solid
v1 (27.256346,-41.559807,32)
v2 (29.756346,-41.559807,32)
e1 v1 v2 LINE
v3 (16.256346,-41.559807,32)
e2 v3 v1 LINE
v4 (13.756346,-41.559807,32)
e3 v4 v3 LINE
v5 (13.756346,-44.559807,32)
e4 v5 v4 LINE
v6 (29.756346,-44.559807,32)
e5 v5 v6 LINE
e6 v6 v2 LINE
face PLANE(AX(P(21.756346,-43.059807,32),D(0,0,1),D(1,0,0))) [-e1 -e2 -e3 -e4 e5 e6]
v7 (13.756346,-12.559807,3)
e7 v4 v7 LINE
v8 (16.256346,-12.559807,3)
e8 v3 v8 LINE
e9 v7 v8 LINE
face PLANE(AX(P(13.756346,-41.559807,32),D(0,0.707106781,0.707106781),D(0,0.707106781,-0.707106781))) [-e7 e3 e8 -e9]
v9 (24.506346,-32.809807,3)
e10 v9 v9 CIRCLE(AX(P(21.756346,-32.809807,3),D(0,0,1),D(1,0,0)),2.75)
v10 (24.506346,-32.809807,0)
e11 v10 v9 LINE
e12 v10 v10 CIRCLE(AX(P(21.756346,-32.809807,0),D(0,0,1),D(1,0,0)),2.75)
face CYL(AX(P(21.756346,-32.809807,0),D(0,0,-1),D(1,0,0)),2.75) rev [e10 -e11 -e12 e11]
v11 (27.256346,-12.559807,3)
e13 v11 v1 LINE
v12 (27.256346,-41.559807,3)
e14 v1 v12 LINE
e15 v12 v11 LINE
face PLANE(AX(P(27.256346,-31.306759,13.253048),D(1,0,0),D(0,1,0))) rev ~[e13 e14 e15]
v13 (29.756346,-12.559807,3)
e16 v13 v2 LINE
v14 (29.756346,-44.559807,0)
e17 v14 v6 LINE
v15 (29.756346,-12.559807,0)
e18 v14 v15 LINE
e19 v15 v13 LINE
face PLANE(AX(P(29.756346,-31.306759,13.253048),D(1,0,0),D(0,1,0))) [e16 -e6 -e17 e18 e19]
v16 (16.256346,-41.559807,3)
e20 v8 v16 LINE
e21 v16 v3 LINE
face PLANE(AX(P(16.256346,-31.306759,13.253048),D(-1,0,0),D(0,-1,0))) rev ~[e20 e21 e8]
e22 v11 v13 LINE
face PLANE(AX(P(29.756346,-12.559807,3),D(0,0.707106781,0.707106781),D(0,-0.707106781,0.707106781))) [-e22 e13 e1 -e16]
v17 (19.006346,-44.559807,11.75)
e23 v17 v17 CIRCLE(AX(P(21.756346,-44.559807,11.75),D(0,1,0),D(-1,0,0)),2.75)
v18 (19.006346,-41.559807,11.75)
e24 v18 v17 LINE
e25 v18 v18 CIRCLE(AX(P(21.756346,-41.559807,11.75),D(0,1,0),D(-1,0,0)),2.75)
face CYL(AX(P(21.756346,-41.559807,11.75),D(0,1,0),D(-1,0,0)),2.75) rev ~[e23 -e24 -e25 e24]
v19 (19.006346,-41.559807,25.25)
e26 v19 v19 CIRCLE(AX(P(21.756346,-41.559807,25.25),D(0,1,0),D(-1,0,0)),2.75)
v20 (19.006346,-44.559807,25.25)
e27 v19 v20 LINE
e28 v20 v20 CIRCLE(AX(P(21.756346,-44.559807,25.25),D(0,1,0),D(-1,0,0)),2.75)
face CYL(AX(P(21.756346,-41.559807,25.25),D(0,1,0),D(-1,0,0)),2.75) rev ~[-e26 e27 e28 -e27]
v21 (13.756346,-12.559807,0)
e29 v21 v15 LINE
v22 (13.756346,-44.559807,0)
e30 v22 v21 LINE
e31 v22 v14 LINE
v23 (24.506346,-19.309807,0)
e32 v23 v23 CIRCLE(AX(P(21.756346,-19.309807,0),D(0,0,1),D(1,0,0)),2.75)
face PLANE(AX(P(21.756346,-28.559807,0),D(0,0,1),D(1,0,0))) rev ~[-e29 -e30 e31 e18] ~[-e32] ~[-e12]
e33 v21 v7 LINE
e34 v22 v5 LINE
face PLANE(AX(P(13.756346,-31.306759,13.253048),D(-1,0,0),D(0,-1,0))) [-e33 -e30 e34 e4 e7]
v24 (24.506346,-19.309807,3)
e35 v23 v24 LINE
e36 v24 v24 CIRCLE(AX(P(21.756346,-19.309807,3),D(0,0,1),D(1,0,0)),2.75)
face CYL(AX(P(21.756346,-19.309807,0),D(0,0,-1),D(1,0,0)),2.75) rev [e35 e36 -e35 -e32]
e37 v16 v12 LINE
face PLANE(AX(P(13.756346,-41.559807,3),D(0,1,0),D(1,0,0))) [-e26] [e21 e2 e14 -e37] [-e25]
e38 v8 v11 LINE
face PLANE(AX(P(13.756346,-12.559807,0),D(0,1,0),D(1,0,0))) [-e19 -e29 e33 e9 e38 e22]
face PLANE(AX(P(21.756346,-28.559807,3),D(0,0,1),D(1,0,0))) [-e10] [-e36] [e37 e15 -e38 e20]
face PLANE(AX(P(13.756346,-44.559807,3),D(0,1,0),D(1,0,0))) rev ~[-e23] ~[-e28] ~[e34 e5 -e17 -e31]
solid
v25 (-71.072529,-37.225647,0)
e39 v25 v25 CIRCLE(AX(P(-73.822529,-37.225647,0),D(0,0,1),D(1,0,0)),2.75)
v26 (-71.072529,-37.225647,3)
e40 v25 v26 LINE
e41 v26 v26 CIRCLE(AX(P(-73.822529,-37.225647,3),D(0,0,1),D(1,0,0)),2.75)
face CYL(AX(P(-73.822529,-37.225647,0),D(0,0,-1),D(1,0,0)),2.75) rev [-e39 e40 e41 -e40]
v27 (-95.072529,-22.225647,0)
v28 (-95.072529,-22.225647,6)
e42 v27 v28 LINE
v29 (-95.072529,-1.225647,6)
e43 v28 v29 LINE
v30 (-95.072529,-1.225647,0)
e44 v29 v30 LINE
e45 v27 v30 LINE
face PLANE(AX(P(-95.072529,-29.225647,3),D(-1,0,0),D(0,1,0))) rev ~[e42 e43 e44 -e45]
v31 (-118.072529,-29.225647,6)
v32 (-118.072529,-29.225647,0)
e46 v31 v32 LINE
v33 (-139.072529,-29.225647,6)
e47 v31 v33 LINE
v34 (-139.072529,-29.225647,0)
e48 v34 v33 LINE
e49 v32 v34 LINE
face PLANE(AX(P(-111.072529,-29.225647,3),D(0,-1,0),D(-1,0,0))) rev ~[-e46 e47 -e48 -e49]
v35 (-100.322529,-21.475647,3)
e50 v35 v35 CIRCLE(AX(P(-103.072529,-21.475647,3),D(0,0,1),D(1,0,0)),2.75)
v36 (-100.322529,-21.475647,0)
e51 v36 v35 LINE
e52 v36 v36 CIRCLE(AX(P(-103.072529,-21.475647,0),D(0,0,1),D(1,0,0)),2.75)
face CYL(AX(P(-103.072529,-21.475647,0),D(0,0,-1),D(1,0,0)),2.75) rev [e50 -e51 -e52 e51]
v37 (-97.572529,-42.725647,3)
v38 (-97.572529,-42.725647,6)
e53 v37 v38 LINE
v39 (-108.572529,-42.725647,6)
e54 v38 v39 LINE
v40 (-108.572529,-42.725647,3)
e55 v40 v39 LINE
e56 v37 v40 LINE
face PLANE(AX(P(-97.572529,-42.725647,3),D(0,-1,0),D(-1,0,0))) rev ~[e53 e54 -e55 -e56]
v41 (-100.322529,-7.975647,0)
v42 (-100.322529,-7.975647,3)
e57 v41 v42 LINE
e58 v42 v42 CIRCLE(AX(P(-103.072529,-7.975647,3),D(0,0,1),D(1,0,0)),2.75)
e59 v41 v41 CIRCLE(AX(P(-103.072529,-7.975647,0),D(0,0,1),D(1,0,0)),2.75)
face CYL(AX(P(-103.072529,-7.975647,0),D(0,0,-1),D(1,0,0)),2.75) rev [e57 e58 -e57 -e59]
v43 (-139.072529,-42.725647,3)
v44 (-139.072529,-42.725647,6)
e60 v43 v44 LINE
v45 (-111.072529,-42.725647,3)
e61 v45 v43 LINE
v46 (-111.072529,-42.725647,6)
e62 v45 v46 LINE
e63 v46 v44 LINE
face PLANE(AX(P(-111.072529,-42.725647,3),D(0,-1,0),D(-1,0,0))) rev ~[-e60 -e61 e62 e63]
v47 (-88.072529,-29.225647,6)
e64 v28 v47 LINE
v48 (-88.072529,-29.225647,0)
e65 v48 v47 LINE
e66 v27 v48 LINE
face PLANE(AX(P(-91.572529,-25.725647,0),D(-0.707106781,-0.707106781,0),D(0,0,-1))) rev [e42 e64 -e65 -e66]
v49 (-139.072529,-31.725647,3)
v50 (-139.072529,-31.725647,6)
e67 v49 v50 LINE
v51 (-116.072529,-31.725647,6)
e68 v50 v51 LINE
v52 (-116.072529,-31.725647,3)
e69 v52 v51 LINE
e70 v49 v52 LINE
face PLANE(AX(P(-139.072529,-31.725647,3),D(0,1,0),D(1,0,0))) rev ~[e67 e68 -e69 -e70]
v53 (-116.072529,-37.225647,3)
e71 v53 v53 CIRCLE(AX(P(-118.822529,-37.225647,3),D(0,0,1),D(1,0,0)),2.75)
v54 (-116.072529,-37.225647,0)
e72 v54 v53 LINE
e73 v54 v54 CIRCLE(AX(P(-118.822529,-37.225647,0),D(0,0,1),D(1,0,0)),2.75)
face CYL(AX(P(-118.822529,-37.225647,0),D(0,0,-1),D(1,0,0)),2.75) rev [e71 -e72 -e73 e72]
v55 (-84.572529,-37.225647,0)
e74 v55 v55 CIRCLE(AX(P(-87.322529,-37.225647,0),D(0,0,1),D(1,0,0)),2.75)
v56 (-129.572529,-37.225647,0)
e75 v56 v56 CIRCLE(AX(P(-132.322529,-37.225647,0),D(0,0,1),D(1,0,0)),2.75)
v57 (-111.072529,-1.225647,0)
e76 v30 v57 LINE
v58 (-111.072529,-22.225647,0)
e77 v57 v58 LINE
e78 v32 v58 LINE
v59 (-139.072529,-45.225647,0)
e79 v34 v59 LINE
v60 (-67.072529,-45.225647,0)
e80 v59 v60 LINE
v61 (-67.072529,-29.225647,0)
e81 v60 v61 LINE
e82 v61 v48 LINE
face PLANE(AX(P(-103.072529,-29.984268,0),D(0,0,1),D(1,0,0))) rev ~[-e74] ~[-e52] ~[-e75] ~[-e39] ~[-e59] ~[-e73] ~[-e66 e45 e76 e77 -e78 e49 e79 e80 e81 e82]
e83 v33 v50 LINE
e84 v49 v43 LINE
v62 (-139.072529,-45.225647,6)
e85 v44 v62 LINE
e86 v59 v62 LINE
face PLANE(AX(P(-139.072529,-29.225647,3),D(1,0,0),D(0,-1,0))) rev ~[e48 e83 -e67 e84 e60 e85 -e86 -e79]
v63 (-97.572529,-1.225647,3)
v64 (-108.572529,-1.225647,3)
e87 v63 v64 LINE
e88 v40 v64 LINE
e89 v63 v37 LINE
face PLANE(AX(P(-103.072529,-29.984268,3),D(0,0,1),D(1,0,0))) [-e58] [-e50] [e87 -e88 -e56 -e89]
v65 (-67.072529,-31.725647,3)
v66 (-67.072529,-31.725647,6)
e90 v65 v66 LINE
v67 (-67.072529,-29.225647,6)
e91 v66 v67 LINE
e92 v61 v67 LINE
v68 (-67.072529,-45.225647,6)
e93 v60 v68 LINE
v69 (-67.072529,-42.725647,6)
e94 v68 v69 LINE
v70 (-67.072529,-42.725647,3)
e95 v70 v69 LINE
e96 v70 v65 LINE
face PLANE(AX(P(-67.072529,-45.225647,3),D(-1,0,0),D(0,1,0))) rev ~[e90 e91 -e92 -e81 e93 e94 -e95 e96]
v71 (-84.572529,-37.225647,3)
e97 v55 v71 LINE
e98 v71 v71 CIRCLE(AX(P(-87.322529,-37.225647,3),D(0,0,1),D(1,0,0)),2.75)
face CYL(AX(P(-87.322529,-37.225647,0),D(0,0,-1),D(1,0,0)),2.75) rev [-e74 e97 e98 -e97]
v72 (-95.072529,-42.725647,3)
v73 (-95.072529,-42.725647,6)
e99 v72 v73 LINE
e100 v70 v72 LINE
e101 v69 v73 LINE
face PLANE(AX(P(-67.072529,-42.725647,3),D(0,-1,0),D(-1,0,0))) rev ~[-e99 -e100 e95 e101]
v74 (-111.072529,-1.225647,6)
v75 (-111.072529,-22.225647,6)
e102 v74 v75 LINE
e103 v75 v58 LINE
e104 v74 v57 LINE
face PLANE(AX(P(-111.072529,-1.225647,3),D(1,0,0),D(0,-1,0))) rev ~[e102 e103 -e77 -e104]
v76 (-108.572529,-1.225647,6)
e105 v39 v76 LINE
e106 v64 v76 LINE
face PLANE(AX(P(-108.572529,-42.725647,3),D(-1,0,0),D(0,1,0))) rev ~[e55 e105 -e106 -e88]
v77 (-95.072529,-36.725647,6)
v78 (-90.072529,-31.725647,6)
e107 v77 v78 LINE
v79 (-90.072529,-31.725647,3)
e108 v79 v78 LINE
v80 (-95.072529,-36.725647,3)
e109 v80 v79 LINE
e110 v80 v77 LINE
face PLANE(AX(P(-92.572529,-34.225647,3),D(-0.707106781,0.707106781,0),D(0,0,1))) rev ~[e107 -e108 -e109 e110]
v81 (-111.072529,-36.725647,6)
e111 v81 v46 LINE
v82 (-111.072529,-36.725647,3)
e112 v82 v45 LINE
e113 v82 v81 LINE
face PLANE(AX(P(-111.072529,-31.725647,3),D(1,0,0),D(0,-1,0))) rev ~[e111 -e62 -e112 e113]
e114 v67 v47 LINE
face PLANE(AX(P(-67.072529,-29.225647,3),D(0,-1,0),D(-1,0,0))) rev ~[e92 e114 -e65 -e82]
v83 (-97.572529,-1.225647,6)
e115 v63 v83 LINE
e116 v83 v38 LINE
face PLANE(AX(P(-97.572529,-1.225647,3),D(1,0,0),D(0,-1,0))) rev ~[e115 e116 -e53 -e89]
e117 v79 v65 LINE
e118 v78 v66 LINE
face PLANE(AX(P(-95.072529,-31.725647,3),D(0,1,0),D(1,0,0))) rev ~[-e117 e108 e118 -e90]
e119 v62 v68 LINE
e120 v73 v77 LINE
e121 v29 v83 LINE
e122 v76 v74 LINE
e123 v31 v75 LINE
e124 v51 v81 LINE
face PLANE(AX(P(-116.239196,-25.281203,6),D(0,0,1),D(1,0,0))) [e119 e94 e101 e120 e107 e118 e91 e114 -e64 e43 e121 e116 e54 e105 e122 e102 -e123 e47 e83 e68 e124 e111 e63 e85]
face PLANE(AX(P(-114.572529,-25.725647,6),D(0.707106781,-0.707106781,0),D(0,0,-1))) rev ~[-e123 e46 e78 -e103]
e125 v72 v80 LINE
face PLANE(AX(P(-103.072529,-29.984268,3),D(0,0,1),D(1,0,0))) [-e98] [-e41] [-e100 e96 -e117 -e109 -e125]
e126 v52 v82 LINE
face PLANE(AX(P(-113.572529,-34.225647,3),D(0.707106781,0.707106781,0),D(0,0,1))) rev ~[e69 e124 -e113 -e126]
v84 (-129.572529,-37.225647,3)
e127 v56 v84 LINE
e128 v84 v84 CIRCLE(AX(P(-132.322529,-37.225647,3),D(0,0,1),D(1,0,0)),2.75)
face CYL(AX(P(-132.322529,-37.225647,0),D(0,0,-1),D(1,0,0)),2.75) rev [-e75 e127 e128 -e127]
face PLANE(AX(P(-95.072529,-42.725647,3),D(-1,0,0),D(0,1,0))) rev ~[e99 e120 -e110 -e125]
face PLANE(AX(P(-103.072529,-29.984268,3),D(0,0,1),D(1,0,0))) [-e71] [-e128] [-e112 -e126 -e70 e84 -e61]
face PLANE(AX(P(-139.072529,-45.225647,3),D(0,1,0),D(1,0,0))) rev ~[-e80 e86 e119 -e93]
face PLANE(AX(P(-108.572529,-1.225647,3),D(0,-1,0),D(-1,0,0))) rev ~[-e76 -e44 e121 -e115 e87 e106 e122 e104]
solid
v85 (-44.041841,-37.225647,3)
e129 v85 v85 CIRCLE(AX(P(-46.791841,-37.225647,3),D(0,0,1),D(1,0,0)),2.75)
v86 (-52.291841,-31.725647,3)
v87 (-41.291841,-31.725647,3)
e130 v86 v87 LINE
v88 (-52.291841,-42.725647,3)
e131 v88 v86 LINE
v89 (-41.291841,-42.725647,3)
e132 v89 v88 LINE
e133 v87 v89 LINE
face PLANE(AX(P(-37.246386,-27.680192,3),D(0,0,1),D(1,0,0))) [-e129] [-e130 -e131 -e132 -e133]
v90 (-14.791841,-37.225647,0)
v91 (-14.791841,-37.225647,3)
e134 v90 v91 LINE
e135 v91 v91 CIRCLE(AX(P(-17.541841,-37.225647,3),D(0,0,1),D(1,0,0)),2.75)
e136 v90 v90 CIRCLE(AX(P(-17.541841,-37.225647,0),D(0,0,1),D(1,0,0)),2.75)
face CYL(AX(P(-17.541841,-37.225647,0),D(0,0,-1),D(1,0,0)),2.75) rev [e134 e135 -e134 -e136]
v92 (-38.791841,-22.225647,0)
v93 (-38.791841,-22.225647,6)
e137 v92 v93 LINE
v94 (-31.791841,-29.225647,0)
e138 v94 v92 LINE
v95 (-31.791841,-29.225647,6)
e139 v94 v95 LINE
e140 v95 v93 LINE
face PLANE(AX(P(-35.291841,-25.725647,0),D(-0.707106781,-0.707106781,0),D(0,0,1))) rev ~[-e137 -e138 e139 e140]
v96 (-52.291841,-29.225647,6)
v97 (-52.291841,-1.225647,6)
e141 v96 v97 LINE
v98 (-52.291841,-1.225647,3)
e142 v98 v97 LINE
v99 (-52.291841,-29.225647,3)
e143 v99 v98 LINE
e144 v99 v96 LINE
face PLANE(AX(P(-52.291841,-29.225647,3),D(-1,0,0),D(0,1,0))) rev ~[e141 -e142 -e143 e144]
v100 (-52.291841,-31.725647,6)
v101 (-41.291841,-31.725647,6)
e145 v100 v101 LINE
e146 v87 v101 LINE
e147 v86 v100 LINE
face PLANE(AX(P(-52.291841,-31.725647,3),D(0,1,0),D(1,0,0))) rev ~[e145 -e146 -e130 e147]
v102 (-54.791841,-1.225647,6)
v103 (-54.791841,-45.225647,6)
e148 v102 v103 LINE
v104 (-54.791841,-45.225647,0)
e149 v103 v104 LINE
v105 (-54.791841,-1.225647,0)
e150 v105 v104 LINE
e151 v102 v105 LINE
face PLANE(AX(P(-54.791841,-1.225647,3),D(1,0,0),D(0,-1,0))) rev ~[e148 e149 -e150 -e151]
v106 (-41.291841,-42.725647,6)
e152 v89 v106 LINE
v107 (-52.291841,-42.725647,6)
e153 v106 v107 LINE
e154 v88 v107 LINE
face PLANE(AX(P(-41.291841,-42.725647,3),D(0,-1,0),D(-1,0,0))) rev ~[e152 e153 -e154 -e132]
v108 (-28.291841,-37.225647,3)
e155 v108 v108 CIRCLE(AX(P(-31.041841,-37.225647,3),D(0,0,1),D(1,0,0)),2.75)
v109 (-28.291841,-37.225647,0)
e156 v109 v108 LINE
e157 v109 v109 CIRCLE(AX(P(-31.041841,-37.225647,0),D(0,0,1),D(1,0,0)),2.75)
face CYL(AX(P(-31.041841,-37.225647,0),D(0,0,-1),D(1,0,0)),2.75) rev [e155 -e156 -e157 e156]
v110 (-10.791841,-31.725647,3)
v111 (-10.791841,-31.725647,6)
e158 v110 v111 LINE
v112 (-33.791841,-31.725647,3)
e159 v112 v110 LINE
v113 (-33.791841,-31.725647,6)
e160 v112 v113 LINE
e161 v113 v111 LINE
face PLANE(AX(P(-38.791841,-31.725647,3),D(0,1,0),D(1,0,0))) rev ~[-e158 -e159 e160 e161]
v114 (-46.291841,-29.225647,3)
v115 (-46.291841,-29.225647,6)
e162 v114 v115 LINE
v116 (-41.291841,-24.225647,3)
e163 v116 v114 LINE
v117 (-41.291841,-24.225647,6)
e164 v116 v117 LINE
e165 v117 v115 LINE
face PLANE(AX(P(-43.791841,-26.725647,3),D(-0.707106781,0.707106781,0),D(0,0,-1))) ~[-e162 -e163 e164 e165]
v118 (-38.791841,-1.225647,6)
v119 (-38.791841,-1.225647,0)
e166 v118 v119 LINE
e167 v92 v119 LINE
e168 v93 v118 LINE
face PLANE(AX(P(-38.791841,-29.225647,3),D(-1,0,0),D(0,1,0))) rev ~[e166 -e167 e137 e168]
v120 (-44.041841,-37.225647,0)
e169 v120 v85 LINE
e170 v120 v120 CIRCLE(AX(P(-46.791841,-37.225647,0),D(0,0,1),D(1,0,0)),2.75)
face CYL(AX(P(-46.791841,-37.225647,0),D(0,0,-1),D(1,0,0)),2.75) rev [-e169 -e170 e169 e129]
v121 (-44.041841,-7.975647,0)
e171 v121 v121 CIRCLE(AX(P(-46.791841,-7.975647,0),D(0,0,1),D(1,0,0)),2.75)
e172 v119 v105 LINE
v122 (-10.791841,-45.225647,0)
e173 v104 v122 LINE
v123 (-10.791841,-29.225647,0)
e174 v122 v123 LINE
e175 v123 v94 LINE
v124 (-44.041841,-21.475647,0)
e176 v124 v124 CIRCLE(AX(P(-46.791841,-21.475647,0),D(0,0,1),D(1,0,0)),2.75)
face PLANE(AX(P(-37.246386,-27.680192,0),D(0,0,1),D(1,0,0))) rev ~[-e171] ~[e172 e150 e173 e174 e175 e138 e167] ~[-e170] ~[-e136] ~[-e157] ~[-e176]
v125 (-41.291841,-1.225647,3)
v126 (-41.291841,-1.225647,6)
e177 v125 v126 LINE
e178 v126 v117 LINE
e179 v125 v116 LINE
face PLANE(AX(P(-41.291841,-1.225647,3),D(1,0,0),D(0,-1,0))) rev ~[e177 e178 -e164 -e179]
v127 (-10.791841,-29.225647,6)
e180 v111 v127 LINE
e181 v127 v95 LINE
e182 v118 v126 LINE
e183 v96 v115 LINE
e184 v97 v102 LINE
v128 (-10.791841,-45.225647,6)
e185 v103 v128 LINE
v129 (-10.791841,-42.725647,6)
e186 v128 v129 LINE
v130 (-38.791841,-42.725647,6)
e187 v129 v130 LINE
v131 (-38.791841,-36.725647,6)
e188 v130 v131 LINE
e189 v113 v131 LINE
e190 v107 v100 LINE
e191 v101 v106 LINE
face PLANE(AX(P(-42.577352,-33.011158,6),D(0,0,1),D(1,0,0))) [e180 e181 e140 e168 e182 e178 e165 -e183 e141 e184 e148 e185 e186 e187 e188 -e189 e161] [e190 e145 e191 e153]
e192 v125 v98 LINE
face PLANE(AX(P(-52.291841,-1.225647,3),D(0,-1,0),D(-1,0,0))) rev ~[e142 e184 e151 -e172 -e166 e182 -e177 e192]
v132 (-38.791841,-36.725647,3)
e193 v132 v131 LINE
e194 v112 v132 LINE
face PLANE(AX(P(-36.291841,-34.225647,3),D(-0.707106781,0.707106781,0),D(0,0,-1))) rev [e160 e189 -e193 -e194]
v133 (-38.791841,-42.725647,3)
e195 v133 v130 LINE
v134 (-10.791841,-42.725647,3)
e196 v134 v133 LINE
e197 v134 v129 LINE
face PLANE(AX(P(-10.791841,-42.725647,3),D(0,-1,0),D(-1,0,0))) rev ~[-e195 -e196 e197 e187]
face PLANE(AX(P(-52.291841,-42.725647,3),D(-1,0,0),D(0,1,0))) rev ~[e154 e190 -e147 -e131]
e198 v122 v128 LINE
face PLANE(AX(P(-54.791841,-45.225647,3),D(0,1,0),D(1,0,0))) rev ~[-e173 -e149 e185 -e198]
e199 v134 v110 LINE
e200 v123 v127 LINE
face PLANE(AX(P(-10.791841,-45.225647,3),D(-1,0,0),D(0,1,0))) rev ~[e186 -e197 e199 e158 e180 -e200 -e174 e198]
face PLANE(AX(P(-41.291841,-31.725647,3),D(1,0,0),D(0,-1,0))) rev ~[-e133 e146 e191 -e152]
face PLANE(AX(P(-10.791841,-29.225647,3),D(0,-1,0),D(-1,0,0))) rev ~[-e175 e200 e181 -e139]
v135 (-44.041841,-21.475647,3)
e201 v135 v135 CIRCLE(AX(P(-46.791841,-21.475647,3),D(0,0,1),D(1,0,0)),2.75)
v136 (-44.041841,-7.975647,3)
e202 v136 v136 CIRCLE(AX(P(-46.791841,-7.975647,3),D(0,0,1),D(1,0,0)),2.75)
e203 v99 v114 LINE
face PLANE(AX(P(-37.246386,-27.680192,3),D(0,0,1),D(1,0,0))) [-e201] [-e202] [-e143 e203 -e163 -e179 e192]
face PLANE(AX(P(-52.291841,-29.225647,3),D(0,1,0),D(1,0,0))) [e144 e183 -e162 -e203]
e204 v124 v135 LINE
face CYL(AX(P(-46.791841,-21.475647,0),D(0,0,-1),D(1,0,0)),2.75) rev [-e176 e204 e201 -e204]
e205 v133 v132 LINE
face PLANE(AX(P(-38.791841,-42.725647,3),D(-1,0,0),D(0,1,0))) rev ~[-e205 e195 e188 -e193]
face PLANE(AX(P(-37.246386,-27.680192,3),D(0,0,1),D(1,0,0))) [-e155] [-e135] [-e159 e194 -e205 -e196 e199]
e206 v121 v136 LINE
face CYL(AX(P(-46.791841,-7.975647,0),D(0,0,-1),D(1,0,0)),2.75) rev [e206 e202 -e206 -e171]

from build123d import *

# Parameters (mm, degrees)
F0_R      = 2.75
F0_W      = 16
F0_H      = 32
F1_DEPTH  = 3
F2_W      = 2.5
F2_H      = 11
F2_W_2    = 11
F2_H_2    = 2.5
F3_DEPTH  = 3
F4_SIZE   = 7
F5_SIZE   = 5
F6_W      = 16
F6_H      = 3
F7_DEPTH  = 29
F8_R      = 2.75
F9_DEPTH  = 25
F11_DEPTH = 2.5
F13_DEPTH = 2.5


with BuildPart() as f1:
    # F0 (on Top) → F1 (new body)
    with BuildSketch(Plane.XY):
        Polygon((-54.791841, -1.225647), (-54.791841, -45.225647), (-10.791841, -45.225647), (-10.791841, -29.225647), (-38.791841, -29.225647), (-38.791841, -1.225647), align=None)
        with Locations((-46.791841, -37.225647)):
            Circle(F0_R, mode=Mode.SUBTRACT)
        with Locations((-31.041841, -37.225647)):
            Circle(F0_R, mode=Mode.SUBTRACT)
        with Locations((-17.541841, -37.225647)):
            Circle(F0_R, mode=Mode.SUBTRACT)
        with Locations((-46.791841, -21.475647)):
            Circle(F0_R, mode=Mode.SUBTRACT)
        with Locations((-46.791841, -7.975647)):
            Circle(F0_R, mode=Mode.SUBTRACT)
        Polygon((-139.072529, -45.225647), (-67.072529, -45.225647), (-67.072529, -29.225647), (-95.072529, -29.225647), (-95.072529, -1.225647), (-111.072529, -1.225647), (-111.072529, -29.225647), (-139.072529, -29.225647), align=None)
        with Locations((-132.322529, -37.225647)):
            Circle(F0_R, mode=Mode.SUBTRACT)
        with Locations((-118.822529, -37.225647)):
            Circle(F0_R, mode=Mode.SUBTRACT)
        with Locations((-87.322529, -37.225647)):
            Circle(F0_R, mode=Mode.SUBTRACT)
        with Locations((-73.822529, -37.225647)):
            Circle(F0_R, mode=Mode.SUBTRACT)
        with Locations((-103.072529, -21.475647)):
            Circle(F0_R, mode=Mode.SUBTRACT)
        with Locations((-103.072529, -7.975647)):
            Circle(F0_R, mode=Mode.SUBTRACT)
        with Locations((21.756346, -28.559807)):
            Rectangle(F0_W, F0_H)
        with Locations((21.756346, -32.809807)):
            Circle(F0_R, mode=Mode.SUBTRACT)
        with Locations((21.756346, -19.309807)):
            Circle(F0_R, mode=Mode.SUBTRACT)
    extrude(amount=F1_DEPTH)

    # F2 (on face) → F3 (join)
    with BuildSketch(Plane.XY.offset(3)):
        Polygon((-54.791841, -45.225647), (-10.791841, -45.225647), (-10.791841, -42.725647), (-38.791841, -42.725647), (-41.291841, -42.725647), (-52.291841, -42.725647), (-52.291841, -31.725647), (-52.291841, -29.225647), (-52.291841, -1.225647), (-54.791841, -1.225647), align=None)
        with Locations((-40.041841, -37.225647)):
            Rectangle(F2_W, F2_H)
        Polygon((-41.291841, -31.725647), (-38.791841, -31.725647), (-10.791841, -31.725647), (-10.791841, -29.225647), (-38.791841, -29.225647), (-38.791841, -1.225647), (-41.291841, -1.225647), (-41.291841, -29.225647), align=None)
        with Locations((-46.791841, -30.475647)):
            Rectangle(F2_W_2, F2_H_2)
        Polygon((-111.072529, -29.225647), (-139.072529, -29.225647), (-139.072529, -31.725647), (-111.072529, -31.725647), (-111.072529, -42.725647), (-108.572529, -42.725647), (-108.572529, -1.225647), (-111.072529, -1.225647), align=None)
        Polygon((-108.572529, -42.725647), (-111.072529, -42.725647), (-139.072529, -42.725647), (-139.072529, -45.225647), (-67.072529, -45.225647), (-67.072529, -42.725647), (-95.072529, -42.725647), (-97.572529, -42.725647), align=None)
        Polygon((-97.572529, -1.225647), (-97.572529, -42.725647), (-95.072529, -42.725647), (-95.072529, -31.725647), (-67.072529, -31.725647), (-67.072529, -29.225647), (-95.072529, -29.225647), (-95.072529, -1.225647), align=None)
    extrude(amount=F3_DEPTH)

    # F4
    f4_edges = [f1.edges().sort_by_distance(p)[0] for p in [
        (-95.072529, -29.225647, 3),
        (-38.791841, -29.225647, 3),
        (-111.072529, -29.225647, 3),
    ]]
    chamfer(f4_edges, length=F4_SIZE)

    # F5
    f5_edges = [f1.edges().sort_by_distance(p)[0] for p in [
        (-95.072529, -31.725647, 4.5),
        (-38.791841, -31.725647, 4.5),
        (-111.072529, -31.725647, 4.5),
        (-41.291841, -29.225647, 4.5),
    ]]
    chamfer(f5_edges, length=F5_SIZE)

    # F6 (on face) → F7 (join)
    with BuildSketch(Plane.XY.offset(3)):
        with Locations((21.756346, -43.059807)):
            Rectangle(F6_W, F6_H)
    extrude(amount=F7_DEPTH)

    # F8 (on face) → F9 (cut)
    with BuildSketch(Plane(origin=(0, -41.559807, 0), x_dir=(-1, 0, 0), z_dir=(0, 1, 0))):
        with Locations((-21.756346, 25.25)):
            Circle(F8_R)
        with Locations((-21.756346, 11.75)):
            Circle(F8_R)
    extrude(amount=-F9_DEPTH, mode=Mode.SUBTRACT)

    # F10 (on face) → F11 (join)
    with BuildSketch(Plane.YZ.offset(29.756346)):
        Polygon((-12.559807, 3), (-41.559807, 32), (-41.559807, 3), align=None)
    extrude(amount=-F11_DEPTH)

    # F12 (on face) → F13 (join)
    with BuildSketch(Plane(origin=(13.756346, 0, 0), x_dir=(0, -1, 0), z_dir=(-1, 0, 0))):
        Polygon((12.559807, 3), (41.559807, 3), (41.559807, 32), align=None)
    extrude(amount=-F13_DEPTH)


solid = f1.part
